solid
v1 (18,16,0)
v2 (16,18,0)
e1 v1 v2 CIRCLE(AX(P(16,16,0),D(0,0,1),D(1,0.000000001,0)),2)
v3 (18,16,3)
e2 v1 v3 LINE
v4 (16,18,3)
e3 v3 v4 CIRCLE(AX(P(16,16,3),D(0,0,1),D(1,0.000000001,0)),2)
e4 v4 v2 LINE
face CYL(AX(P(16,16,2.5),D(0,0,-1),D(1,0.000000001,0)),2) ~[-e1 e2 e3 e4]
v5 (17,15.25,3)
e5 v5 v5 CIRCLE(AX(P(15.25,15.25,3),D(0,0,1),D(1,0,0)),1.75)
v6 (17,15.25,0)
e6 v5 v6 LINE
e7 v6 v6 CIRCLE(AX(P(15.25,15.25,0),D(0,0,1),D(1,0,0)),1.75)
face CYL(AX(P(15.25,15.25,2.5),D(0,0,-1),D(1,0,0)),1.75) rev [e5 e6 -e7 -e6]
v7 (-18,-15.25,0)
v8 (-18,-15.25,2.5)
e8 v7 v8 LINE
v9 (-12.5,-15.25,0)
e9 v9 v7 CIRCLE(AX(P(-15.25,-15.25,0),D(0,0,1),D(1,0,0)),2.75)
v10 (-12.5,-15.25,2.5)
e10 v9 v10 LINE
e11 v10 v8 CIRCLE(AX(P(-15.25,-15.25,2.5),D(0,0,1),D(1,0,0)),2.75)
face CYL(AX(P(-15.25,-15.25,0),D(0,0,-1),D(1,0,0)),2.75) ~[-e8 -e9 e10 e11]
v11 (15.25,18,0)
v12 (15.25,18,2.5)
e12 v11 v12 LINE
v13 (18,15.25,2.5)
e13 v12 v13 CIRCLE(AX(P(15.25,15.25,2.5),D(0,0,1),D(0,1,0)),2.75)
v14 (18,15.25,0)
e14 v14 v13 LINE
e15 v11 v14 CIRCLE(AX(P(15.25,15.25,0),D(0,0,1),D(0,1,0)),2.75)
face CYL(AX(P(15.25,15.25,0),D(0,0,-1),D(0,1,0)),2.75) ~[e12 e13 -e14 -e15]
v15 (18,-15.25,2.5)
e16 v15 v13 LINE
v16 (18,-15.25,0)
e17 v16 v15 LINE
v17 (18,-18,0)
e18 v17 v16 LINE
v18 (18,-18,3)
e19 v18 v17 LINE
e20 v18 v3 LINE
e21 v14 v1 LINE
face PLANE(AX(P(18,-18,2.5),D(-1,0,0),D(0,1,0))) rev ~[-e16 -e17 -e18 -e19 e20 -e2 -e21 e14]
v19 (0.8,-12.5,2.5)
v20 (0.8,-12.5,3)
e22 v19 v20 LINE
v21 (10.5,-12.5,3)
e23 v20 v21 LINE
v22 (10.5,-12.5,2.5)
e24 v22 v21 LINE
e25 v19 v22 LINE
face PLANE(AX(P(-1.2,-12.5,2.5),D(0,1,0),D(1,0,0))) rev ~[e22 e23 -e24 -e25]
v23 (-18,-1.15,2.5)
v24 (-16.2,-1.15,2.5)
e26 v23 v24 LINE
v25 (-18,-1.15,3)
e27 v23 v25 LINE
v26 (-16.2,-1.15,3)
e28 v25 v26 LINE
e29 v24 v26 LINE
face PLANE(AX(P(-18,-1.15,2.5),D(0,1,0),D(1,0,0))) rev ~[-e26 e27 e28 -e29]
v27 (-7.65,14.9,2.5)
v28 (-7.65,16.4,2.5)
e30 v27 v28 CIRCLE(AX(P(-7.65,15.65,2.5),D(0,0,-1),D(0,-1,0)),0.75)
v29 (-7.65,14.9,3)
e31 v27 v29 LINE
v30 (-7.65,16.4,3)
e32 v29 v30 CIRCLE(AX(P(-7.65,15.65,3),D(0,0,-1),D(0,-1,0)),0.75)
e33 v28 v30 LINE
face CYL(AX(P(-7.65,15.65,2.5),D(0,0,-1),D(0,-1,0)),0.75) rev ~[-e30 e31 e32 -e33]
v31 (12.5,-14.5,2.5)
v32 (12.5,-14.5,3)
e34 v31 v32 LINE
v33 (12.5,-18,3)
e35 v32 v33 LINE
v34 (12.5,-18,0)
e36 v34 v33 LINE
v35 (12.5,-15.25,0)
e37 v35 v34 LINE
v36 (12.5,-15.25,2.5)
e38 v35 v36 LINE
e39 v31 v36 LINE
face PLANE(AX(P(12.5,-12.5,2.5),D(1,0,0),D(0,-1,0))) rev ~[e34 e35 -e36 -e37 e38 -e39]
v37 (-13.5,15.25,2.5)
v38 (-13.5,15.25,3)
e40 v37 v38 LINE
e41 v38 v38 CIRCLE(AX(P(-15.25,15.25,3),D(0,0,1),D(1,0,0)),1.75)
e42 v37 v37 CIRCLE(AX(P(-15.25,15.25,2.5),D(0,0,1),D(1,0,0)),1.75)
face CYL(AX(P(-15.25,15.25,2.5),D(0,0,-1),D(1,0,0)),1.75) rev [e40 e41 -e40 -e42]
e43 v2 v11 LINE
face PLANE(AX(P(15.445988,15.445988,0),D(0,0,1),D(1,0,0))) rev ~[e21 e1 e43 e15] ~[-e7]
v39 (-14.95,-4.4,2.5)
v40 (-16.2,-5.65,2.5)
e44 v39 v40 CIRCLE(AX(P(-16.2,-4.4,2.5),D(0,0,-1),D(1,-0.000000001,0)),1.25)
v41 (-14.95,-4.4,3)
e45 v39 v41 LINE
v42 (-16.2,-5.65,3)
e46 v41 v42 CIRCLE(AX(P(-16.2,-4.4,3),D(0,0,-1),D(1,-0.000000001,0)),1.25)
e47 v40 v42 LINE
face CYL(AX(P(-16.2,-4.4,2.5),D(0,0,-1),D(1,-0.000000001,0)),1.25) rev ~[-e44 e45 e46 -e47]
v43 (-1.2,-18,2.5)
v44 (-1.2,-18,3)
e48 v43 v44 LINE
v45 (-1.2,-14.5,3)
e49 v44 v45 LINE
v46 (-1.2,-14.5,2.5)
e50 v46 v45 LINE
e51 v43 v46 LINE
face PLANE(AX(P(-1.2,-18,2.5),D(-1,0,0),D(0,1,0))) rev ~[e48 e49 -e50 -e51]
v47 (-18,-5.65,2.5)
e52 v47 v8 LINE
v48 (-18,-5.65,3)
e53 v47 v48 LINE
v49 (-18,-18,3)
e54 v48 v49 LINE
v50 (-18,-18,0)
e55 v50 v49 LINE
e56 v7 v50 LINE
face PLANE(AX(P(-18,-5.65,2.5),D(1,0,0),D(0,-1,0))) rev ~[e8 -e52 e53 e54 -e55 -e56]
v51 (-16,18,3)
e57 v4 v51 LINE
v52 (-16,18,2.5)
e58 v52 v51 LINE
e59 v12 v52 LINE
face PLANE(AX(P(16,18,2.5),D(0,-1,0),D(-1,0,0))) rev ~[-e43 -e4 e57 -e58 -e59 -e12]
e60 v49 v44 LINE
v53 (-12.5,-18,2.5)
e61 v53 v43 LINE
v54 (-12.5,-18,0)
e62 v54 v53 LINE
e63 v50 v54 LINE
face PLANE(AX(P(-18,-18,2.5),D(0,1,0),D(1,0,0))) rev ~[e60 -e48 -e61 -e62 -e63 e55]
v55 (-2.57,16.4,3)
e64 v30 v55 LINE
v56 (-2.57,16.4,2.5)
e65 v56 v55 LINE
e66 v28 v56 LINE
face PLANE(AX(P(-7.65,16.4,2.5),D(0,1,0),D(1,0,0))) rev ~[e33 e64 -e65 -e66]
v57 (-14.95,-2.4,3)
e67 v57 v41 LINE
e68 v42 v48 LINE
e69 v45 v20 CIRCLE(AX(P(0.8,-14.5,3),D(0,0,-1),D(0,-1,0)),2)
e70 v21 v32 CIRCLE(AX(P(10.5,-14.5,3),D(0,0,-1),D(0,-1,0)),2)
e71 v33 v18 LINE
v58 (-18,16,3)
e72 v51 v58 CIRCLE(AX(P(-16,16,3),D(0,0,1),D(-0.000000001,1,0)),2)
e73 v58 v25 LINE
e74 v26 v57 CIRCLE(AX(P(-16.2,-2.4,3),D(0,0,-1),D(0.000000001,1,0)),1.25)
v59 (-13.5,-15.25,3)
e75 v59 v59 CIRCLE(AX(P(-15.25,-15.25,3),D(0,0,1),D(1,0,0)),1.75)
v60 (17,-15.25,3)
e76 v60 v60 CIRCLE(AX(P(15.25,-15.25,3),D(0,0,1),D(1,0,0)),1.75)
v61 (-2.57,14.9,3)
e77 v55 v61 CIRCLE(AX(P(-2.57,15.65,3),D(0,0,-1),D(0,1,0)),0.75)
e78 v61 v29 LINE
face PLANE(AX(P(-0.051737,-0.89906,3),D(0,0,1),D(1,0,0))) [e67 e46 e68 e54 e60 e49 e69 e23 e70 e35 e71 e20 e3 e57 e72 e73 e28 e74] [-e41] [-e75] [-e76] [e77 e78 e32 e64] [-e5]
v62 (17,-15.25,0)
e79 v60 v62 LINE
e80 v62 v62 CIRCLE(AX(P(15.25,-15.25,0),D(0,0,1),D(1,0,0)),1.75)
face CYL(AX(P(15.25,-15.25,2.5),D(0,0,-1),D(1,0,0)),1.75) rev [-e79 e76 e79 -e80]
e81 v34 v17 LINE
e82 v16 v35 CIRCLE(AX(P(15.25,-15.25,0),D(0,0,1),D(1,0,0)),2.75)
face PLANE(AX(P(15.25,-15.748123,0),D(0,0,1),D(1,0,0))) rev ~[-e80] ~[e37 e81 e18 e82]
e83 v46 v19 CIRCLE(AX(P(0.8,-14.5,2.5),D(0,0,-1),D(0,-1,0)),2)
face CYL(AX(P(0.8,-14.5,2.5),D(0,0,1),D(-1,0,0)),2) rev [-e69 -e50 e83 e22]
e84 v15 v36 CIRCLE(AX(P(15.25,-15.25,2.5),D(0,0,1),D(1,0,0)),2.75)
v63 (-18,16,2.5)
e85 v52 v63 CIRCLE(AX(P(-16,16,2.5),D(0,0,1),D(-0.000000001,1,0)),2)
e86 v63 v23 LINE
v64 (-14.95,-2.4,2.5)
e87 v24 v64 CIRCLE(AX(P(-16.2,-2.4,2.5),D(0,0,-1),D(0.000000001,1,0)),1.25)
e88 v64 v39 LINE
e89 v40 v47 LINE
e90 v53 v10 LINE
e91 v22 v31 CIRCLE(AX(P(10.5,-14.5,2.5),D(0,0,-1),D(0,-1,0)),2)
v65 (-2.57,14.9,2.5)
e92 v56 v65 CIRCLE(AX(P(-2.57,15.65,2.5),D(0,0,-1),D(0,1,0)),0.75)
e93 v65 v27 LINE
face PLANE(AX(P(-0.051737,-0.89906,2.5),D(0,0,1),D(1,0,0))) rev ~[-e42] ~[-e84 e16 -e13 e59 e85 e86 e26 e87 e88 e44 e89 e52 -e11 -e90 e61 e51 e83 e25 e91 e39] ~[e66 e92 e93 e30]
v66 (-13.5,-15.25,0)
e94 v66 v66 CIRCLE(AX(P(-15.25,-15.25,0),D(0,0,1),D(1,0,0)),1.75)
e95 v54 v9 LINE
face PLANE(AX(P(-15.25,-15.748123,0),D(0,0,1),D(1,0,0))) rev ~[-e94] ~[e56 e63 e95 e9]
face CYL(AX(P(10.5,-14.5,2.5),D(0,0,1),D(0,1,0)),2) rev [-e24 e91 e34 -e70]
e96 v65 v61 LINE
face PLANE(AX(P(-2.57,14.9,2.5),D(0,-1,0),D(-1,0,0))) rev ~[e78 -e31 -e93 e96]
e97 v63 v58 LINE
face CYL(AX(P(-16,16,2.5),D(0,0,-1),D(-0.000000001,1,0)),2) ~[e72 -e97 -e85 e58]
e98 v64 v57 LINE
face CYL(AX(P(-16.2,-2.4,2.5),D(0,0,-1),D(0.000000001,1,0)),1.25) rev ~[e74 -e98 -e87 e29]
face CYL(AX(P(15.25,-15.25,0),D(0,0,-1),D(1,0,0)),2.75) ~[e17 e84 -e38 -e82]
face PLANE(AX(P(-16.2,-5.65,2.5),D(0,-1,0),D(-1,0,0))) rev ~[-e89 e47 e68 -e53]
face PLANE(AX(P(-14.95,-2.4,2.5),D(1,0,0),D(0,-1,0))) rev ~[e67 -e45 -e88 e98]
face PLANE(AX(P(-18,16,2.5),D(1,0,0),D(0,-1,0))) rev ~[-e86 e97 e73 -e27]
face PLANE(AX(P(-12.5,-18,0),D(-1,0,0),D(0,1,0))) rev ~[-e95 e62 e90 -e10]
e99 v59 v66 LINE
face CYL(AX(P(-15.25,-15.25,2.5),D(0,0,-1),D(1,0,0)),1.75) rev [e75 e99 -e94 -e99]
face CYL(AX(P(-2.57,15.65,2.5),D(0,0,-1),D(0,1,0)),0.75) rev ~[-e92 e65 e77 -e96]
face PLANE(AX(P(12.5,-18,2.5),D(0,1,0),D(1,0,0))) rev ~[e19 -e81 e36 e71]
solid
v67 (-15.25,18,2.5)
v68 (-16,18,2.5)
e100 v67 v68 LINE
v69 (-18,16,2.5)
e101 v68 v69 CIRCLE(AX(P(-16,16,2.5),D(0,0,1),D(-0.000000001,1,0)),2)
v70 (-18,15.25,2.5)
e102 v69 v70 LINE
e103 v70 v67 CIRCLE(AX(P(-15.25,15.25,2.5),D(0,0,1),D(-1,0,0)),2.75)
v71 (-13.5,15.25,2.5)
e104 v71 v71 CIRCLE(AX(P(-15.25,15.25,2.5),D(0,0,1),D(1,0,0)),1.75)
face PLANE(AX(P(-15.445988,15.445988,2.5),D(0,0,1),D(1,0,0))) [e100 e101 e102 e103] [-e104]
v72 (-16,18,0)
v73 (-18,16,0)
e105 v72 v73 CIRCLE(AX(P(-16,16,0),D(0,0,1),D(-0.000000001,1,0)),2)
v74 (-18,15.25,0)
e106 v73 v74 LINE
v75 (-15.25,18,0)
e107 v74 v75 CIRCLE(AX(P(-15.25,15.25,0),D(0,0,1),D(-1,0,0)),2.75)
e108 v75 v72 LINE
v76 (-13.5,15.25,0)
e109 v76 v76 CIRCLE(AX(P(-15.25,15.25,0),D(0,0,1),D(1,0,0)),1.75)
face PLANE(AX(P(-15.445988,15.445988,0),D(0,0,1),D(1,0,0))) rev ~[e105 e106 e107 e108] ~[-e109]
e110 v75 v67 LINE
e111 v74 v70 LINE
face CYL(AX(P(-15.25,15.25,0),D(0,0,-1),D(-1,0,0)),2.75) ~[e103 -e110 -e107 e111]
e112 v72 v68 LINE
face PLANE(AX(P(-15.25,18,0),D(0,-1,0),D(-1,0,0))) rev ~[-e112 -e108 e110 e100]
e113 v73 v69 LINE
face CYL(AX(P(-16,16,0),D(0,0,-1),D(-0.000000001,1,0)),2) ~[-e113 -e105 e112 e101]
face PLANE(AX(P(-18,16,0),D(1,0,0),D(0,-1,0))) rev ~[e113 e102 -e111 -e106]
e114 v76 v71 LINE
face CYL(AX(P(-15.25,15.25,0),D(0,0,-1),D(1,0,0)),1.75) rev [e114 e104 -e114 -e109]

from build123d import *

# Parameters (mm, degrees)
SKETCH2_R         = 1.75
STANDOFFS_DEPTH   = 2.5
STANDOFFS_2_DEPTH = 2.5
STANDOFFS_3_DEPTH = 2.5
STANDOFFS_4_DEPTH = 2.5
SKETCH3_R         = 1.75
COVER_DEPTH       = 0.5
FILLETS_R         = 2


with BuildPart() as part:
    # Sketch2 → Standoffs (new body)
    with BuildSketch(Plane.XY):
        with BuildLine():
            Line((18, -18), (18, -15.25))
            ThreePointArc((18, -15.25), (15.25, -12.5), (12.5, -15.25))
            Line((12.5, -15.25), (12.5, -18))
            Line((12.5, -18), (18, -18))
        make_face()
        with Locations((15.25, -15.25)):
            Circle(SKETCH2_R, mode=Mode.SUBTRACT)
    extrude(amount=STANDOFFS_DEPTH)



with BuildPart() as body_2:
    # Sketch2 → Standoffs 2 (new body)
    with BuildSketch(Plane.XY):
        with BuildLine():
            Line((-12.5, -18), (-12.5, -15.25))
            ThreePointArc((-12.5, -15.25), (-15.250000002, -12.5), (-18, -15.250000004))
            Line((-18, -15.250000004), (-18, -18))
            Line((-18, -18), (-12.5, -18))
        make_face()
        with Locations((-15.25, -15.25)):
            Circle(SKETCH2_R, mode=Mode.SUBTRACT)
    extrude(amount=STANDOFFS_2_DEPTH)


with BuildPart() as body_3:
    # Sketch2 → Standoffs 3 (new body)
    with BuildSketch(Plane.XY):
        with BuildLine():
            Line((16, 18), (15.25, 18))
            ThreePointArc((15.25, 18), (13.305456352, 13.305456352), (18, 15.25))
            Line((18, 15.25), (18, 16))
            ThreePointArc((18, 16), (17.414213562, 17.414213562), (16, 18))
        make_face()
        with Locations((15.25, 15.25)):
            Circle(SKETCH2_R, mode=Mode.SUBTRACT)
    extrude(amount=STANDOFFS_3_DEPTH)


with BuildPart() as body_4:
    # Sketch2 → Standoffs 4 (new body)
    with BuildSketch(Plane.XY):
        with BuildLine():
            Line((-18, 16), (-18, 15.25))
            ThreePointArc((-18, 15.25), (-13.305456377, 13.305456326), (-15.249999928, 18))
            Line((-15.249999928, 18), (-16, 18))
            ThreePointArc((-16, 18), (-17.414213562, 17.414213562), (-18, 16))
        make_face()
        with Locations((-15.25, 15.25)):
            Circle(SKETCH2_R, mode=Mode.SUBTRACT)
    extrude(amount=STANDOFFS_4_DEPTH)


with BuildPart() as part_1:
    add(part.part)

    add(body_3.part)  # Cover merges body 3

    add(body_2.part)  # Cover merges body 2
    # Sketch3 → Cover (add)
    with BuildSketch(Plane.XY.offset(2.5)):
        with BuildLine():
            Line((-18, -5.65), (-18, -18))
            Line((-18, -18), (-1.2, -18))
            Line((-1.2, -18), (-1.2, -12.5))
            Line((-1.2, -12.5), (12.5, -12.5))
            Line((12.5, -12.5), (12.5, -18))
            Line((12.5, -18), (18, -18))
            Line((18, -18), (18, 16))
            ThreePointArc((18, 16), (17.414213562, 17.414213562), (16, 18))
            Line((16, 18), (-16, 18))
            ThreePointArc((-16, 18), (-17.414213562, 17.414213562), (-18, 16))
            Line((-18, 16), (-18, -1.15))
            Line((-18, -1.15), (-16.2, -1.15))
            ThreePointArc((-16.2, -1.15), (-15.316116524, -1.516116524), (-14.95, -2.4))
            Line((-14.95, -2.4), (-14.95, -4.4))
            ThreePointArc((-14.95, -4.4), (-15.316116524, -5.283883476), (-16.2, -5.65))
            Line((-16.2, -5.65), (-18, -5.65))
        make_face()
        with Locations((-15.25, -15.25)):
            Circle(SKETCH3_R, mode=Mode.SUBTRACT)
        with BuildLine():
            ThreePointArc((-7.65, 14.9), (-8.4, 15.65), (-7.65, 16.4))
            Line((-7.65, 16.4), (-2.57, 16.4))
            ThreePointArc((-2.57, 16.4), (-1.82, 15.65), (-2.57, 14.9))
            Line((-2.57, 14.9), (-7.65, 14.9))
        make_face(mode=Mode.SUBTRACT)
        with Locations((-15.25, 15.25)):
            Circle(SKETCH3_R, mode=Mode.SUBTRACT)
        with Locations((15.25, -15.25)):
            Circle(SKETCH3_R, mode=Mode.SUBTRACT)
        with Locations((15.25, 15.25)):
            Circle(SKETCH3_R, mode=Mode.SUBTRACT)
    extrude(amount=COVER_DEPTH)

    # Fillets
    fillets_edges = [part_1.edges().sort_by_distance(p)[0] for p in [
        (-1.2, -12.5, 2.75),
        (12.5, -12.5, 2.75),
    ]]
    fillet(fillets_edges, radius=FILLETS_R)


solid = Compound([body_4.part, part_1.part])
